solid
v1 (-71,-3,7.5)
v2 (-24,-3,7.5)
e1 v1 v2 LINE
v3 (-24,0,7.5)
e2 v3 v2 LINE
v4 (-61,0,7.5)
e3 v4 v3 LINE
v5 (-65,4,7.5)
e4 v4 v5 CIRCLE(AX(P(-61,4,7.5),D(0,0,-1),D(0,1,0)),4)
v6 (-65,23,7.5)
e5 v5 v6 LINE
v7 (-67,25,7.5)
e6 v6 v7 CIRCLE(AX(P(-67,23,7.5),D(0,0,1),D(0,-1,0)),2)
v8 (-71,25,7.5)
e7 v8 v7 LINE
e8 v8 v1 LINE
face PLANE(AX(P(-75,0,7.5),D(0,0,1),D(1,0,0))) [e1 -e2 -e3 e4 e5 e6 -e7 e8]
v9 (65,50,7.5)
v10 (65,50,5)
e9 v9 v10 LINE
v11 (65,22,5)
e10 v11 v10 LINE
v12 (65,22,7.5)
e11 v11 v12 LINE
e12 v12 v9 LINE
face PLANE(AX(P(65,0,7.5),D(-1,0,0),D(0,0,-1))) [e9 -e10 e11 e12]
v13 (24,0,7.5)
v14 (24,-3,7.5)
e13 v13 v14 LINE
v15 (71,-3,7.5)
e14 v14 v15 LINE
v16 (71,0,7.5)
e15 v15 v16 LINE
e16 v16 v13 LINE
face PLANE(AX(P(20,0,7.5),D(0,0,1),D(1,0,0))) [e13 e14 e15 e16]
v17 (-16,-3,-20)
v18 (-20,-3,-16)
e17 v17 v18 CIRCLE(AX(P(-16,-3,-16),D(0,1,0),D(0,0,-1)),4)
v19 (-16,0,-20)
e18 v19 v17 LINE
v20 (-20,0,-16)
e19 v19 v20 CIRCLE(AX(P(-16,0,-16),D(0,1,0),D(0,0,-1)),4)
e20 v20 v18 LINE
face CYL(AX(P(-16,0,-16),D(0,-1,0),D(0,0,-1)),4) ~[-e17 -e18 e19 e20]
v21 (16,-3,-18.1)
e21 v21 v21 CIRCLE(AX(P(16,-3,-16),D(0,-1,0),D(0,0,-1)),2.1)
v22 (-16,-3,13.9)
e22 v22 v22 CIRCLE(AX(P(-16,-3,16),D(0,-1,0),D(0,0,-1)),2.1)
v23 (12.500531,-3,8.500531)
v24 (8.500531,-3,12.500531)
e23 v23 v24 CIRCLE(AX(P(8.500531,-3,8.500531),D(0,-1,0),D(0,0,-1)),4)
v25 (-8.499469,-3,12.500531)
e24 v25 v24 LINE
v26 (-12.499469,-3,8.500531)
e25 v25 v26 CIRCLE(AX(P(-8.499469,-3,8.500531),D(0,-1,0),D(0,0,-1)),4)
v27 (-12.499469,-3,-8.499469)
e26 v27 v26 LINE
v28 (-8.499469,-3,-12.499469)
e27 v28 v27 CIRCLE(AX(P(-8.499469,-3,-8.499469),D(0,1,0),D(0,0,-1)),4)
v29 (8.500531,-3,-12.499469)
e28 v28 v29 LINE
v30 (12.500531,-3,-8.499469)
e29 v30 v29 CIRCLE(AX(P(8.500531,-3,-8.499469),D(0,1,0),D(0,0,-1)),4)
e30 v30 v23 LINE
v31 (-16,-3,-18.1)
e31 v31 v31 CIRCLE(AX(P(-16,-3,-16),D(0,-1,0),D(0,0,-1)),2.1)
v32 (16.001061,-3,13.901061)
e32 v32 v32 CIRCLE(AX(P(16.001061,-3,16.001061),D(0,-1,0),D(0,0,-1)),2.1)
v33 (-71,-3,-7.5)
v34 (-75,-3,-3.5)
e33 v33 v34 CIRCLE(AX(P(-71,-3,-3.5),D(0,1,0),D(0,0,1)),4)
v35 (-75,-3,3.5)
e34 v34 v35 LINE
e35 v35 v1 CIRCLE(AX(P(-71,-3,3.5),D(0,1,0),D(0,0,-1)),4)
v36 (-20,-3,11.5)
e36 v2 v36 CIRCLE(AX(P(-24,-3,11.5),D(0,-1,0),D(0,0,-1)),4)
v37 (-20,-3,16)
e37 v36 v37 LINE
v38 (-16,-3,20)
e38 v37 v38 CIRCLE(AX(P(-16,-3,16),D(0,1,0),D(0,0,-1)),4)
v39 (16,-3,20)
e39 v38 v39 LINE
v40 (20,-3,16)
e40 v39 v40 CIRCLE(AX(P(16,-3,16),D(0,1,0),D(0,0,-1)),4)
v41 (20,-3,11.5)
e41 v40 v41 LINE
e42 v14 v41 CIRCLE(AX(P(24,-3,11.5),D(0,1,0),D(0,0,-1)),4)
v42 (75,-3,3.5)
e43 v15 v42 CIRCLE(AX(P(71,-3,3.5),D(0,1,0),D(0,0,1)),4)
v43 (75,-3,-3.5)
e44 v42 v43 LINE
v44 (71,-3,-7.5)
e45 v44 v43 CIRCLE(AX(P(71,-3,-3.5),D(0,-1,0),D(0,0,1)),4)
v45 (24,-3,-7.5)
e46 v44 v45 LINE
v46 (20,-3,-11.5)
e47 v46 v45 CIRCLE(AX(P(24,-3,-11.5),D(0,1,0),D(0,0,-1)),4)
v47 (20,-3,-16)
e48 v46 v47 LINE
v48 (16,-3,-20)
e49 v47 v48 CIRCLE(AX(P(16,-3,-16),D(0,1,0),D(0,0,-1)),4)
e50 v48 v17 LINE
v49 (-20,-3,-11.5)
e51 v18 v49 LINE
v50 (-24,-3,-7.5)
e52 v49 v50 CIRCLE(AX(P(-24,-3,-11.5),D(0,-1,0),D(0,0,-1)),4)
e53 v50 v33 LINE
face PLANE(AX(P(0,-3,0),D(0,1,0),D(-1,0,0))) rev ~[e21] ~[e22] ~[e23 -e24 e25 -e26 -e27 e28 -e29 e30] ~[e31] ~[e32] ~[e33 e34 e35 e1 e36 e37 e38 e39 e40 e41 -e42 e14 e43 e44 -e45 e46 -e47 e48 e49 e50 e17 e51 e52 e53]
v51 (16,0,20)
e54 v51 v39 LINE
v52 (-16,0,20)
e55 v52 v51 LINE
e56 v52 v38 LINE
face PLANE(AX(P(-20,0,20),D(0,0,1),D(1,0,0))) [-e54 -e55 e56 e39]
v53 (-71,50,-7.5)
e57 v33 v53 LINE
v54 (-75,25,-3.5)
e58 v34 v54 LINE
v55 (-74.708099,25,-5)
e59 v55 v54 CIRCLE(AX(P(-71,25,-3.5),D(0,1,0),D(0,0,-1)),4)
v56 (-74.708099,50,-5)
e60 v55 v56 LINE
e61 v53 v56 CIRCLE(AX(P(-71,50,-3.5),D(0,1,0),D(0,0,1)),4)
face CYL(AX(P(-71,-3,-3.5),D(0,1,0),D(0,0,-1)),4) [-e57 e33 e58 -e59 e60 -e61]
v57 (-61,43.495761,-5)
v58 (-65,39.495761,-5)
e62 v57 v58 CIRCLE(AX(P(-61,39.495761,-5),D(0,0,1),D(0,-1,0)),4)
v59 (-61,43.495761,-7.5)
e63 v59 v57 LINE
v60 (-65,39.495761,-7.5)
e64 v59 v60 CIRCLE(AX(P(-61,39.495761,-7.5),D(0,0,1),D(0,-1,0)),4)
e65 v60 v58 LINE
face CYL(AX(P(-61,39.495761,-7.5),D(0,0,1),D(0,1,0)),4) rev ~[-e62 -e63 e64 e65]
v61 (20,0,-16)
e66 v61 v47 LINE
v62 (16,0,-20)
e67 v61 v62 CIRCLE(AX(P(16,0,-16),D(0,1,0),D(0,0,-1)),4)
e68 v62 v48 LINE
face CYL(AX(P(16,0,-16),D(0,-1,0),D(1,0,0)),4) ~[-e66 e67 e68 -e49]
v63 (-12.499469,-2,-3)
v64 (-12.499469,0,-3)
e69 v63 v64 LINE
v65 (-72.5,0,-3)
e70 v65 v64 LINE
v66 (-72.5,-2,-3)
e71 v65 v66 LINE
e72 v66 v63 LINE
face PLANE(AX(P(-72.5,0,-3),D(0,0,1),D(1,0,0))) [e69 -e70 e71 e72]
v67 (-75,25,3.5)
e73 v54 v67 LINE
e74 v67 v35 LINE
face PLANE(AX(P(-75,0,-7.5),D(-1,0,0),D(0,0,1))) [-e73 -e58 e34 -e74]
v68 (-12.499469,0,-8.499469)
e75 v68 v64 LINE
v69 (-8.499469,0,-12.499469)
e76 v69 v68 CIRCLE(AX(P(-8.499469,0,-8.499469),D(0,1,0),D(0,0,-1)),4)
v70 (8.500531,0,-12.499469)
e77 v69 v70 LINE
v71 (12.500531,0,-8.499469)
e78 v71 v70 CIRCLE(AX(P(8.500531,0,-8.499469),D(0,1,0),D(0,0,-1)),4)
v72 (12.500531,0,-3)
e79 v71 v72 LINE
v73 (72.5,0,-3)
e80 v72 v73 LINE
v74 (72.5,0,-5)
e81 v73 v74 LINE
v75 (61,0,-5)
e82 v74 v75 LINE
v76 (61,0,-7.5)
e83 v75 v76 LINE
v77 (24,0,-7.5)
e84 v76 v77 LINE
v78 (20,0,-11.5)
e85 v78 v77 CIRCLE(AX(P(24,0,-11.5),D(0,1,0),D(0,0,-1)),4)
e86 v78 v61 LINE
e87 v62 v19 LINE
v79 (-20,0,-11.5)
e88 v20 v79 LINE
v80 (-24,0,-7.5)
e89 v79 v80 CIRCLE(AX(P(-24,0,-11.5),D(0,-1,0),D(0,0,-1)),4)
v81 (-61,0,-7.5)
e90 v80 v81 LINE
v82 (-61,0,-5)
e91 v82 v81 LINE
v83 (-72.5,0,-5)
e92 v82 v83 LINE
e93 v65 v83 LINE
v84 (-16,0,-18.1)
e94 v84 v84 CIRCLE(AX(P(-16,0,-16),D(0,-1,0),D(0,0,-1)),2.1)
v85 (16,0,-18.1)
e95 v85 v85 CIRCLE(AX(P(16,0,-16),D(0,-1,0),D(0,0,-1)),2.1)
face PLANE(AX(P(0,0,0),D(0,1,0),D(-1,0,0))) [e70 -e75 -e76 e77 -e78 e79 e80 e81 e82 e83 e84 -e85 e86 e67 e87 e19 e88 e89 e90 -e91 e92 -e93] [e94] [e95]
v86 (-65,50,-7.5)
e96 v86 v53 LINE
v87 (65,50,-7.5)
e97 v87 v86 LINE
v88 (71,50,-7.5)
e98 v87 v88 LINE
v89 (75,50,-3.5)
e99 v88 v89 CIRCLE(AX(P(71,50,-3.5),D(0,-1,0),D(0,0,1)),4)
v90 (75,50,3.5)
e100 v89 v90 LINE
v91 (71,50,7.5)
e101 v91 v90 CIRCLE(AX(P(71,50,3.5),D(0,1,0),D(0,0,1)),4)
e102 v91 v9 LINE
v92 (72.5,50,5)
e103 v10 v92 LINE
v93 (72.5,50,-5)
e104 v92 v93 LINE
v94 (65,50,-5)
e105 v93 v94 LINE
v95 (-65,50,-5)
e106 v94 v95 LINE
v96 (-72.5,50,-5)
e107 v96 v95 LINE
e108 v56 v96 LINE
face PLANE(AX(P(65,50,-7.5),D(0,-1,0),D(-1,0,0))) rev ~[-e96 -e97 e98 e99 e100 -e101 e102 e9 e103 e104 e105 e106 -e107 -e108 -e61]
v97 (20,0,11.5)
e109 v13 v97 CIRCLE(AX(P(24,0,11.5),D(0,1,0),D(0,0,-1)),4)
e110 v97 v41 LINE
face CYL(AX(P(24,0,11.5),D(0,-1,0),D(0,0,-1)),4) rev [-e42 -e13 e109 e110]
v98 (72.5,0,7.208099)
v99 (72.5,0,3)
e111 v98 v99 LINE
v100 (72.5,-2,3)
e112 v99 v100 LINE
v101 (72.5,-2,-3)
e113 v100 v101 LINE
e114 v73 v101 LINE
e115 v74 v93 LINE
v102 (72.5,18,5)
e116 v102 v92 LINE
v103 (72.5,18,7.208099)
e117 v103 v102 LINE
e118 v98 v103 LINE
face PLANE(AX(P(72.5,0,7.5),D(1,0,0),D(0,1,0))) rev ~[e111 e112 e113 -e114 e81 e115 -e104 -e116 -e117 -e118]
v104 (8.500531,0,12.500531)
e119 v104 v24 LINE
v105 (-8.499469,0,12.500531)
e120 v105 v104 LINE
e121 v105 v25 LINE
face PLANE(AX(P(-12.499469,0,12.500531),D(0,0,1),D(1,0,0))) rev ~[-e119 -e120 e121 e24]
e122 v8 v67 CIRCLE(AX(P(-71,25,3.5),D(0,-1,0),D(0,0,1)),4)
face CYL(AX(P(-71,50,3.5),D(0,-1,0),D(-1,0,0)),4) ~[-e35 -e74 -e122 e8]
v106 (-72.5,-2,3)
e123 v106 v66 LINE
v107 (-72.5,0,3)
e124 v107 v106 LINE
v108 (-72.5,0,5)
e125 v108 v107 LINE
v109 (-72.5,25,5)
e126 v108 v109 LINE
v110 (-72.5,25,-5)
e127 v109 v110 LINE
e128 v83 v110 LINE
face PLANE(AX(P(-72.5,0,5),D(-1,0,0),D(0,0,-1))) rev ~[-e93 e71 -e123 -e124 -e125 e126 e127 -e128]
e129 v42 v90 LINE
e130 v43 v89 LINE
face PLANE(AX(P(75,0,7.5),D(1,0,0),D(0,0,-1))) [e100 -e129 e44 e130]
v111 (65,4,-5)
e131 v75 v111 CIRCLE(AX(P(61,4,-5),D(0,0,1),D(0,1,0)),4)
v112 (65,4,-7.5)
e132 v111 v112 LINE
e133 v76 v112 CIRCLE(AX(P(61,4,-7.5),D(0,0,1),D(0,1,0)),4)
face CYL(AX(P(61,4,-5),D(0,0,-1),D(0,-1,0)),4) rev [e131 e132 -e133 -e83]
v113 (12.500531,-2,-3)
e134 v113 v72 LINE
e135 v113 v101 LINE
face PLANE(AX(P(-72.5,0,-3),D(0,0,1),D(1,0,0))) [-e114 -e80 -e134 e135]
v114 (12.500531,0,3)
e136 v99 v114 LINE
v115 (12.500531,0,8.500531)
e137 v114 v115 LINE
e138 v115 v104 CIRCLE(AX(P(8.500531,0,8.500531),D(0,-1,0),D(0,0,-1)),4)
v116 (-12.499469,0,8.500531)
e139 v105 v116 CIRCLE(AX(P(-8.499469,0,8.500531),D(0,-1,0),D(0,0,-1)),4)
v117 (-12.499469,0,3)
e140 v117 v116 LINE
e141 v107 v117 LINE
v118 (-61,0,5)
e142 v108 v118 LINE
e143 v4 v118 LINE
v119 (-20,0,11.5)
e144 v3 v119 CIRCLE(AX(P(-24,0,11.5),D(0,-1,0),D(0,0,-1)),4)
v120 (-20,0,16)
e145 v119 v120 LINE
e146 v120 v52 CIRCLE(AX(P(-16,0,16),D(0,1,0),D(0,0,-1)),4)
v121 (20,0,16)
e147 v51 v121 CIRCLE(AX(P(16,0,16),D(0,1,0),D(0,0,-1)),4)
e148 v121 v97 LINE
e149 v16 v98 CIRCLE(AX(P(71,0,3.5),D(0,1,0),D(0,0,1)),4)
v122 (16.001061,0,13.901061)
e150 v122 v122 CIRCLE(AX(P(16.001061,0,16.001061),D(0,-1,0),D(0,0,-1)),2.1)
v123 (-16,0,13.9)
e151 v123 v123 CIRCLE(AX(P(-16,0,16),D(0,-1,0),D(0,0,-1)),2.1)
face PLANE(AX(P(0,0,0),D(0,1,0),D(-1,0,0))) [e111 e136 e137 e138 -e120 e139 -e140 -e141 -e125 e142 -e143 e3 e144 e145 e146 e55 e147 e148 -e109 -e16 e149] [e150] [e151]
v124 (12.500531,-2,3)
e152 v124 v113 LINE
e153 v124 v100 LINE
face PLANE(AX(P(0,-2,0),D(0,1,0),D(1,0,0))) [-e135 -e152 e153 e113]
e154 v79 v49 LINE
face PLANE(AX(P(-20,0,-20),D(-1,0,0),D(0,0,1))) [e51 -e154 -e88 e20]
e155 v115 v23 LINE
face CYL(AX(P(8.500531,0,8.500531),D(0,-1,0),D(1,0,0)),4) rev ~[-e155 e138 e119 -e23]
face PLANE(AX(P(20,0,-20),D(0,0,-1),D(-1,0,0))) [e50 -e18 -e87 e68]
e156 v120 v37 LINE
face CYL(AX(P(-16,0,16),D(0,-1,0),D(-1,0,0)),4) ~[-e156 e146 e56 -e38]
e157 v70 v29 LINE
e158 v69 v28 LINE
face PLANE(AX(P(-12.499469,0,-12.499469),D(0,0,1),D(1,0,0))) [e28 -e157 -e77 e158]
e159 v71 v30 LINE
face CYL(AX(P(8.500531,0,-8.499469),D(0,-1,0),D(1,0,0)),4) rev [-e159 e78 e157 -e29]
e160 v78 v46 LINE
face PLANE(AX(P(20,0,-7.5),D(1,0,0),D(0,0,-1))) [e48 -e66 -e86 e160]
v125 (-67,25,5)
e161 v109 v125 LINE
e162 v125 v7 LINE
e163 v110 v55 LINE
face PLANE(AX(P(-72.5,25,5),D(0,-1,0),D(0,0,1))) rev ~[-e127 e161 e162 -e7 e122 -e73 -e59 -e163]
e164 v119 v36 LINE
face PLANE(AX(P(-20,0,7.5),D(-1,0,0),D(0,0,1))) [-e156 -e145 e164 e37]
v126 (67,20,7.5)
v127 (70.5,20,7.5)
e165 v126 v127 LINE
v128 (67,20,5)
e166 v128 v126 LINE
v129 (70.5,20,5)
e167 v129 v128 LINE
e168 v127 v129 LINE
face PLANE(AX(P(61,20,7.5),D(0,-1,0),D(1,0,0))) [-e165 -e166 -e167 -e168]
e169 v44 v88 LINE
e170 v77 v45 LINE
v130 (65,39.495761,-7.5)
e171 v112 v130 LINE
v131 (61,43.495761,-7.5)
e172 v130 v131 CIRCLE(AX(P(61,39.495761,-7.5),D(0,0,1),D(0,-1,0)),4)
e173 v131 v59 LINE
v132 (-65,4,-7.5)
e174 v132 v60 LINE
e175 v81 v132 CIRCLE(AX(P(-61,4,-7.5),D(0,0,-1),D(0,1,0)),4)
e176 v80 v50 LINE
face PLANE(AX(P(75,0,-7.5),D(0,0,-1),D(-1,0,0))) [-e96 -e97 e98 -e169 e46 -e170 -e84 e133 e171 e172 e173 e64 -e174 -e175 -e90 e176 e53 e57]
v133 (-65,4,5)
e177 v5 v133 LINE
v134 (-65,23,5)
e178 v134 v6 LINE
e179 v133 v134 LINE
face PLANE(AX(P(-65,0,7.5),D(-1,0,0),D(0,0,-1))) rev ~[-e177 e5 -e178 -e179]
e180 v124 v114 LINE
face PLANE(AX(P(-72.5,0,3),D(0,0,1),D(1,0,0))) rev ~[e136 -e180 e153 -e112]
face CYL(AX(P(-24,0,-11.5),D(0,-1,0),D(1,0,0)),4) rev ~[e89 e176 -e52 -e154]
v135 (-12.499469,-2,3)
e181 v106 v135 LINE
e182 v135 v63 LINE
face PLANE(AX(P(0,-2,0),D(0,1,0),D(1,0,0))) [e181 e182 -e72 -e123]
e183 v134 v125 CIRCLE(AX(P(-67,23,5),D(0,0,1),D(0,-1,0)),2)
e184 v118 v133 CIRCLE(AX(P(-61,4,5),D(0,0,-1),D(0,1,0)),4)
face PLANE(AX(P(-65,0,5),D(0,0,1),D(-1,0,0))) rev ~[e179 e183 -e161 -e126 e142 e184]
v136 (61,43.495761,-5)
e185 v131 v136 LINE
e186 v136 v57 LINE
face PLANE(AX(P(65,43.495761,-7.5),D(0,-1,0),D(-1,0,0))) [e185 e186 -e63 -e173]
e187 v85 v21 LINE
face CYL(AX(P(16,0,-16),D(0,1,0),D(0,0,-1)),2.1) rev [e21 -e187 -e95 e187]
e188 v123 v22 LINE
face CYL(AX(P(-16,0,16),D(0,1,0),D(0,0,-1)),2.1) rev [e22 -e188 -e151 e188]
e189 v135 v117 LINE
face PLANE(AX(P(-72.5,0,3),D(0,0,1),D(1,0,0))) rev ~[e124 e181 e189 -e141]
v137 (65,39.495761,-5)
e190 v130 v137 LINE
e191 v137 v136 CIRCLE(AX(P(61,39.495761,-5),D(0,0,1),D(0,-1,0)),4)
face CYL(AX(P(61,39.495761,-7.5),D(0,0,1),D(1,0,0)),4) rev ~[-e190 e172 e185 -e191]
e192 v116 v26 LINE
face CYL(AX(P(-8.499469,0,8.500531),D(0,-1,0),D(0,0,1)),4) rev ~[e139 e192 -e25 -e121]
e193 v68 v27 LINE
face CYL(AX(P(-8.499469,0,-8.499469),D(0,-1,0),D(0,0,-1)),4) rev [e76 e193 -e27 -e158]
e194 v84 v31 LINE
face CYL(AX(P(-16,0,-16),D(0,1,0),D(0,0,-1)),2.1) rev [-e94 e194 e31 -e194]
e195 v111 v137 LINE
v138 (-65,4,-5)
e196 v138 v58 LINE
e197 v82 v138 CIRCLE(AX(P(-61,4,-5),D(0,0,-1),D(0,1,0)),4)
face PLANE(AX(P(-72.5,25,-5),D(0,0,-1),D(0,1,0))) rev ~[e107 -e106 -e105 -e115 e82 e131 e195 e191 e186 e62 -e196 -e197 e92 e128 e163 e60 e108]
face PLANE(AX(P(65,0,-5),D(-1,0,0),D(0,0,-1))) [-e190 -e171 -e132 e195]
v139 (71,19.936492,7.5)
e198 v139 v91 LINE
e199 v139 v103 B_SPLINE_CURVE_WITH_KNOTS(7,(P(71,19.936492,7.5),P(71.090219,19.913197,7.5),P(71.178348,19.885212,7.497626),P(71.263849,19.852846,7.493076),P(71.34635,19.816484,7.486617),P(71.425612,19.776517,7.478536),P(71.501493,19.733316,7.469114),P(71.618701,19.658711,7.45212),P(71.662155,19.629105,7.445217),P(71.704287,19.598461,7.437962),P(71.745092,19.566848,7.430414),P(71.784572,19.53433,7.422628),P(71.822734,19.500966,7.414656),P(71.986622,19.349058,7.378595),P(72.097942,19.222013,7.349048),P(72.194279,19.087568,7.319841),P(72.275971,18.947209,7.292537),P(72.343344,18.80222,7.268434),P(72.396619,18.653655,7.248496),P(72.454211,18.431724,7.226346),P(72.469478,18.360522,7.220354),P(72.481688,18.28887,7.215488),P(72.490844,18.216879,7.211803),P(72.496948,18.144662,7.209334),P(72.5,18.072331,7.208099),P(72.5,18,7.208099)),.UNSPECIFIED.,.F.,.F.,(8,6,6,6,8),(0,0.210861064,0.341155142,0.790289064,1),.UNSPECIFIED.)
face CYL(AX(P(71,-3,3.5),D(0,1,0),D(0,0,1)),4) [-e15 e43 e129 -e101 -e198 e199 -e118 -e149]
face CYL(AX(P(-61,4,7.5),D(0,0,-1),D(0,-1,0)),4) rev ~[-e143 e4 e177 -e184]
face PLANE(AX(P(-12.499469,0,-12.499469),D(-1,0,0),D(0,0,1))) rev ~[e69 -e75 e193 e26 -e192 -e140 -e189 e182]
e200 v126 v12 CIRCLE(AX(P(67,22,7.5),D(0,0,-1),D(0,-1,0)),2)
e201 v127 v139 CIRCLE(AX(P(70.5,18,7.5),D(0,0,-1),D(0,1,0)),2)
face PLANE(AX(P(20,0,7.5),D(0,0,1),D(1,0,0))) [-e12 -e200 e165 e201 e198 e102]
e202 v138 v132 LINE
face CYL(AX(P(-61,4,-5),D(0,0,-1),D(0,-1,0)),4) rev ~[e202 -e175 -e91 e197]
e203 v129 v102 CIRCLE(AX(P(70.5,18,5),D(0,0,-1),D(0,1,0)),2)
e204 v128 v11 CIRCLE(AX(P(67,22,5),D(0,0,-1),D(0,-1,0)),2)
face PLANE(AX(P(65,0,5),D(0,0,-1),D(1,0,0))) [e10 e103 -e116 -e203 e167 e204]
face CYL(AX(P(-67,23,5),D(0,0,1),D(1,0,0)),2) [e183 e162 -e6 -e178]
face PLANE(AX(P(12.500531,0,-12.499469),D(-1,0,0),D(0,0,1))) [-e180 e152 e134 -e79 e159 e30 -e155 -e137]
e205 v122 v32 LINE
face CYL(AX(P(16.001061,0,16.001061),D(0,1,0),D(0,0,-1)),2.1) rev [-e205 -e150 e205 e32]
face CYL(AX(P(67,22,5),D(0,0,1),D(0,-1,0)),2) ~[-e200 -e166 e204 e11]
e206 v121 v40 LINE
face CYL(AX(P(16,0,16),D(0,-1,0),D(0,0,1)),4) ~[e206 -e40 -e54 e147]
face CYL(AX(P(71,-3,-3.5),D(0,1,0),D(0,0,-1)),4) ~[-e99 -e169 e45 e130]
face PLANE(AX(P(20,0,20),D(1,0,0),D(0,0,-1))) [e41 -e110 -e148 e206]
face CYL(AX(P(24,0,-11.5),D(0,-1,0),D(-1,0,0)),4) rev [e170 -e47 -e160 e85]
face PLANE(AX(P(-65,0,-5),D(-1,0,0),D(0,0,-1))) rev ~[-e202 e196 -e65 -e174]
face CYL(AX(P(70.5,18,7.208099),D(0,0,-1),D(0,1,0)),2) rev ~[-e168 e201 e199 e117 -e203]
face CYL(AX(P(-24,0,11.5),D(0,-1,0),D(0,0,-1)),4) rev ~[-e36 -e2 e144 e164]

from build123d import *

# Parameters (mm, degrees)
BOSS_EXTRUDE1_DEPTH   = 50
BOSS_EXTRUDE1_2_DEPTH = 50
SKETCH2_W             = 130
SKETCH2_H             = 6.504238827
BOSS_EXTRUDE2_DEPTH   = 2.5
SKETCH4_R             = 2.1
SKETCH4_W             = 25
SKETCH4_H             = 25
BOSS_EXTRUDE4_DEPTH   = 3
FILLET1_R             = 4
SKETCH5_W             = 145
SKETCH5_H             = 6
CUT_EXTRUDE1_DEPTH    = 2
CUT_EXTRUDE2_DEPTH    = 5
SKETCH7_W             = 4.152825608
SKETCH7_H             = 25.088924328
CUT_EXTRUDE3_DEPTH    = 15
SKETCH8_W             = 11.5
SKETCH8_H             = 20
CUT_EXTRUDE5_DEPTH    = 5
FILLET2_R             = 2


with BuildPart() as part:
    # Sketch1 → Boss-Extrude1 (new body)
    with BuildSketch(Plane(origin=(0, 0, 0), x_dir=(1, 0, 0), z_dir=(0, 1, 0))):
        Polygon((-65, 5), (-65, 7.5), (-75, 7.5), (-75, -7.5), (-65, -7.5), (-65, -5), (-72.5, -5), (-72.5, 5), align=None)
    extrude(amount=BOSS_EXTRUDE1_DEPTH)



with BuildPart() as body_2:
    # Sketch1 → Boss-Extrude1 2 (new body)
    with BuildSketch(Plane(origin=(0, 0, 0), x_dir=(1, 0, 0), z_dir=(0, 1, 0))):
        Polygon((72.5, -5), (72.5, 5), (65, 5), (65, 7.5), (75, 7.5), (75, -7.5), (65, -7.5), (65, -5), align=None)
    extrude(amount=BOSS_EXTRUDE1_2_DEPTH)


with BuildPart() as part_1:
    add(part.part)

    add(body_2.part)  # Boss-Extrude2 merges body 2
    # Sketch2 → Boss-Extrude2 (add)
    with BuildSketch(Plane(origin=(0, 0, -7.5), x_dir=(-1, 0, 0), z_dir=(0, 0, -1))):
        with Locations((0, 46.747880587)):
            Rectangle(SKETCH2_W, SKETCH2_H)
    extrude(amount=-BOSS_EXTRUDE2_DEPTH)

    # Sketch4 → Boss-Extrude4 (add)
    with BuildSketch(Plane.XZ):
        Polygon((20, 7.5), (75, 7.5), (75, -7.5), (20, -7.5), (20, -20), (-20, -20), (-20, -7.5), (-75, -7.5), (-75, 7.5), (-20, 7.5), (-20, 20), (20, 20), align=None)
        with Locations(Location((16.001061443, 16.001061443, 0), (0, 0, 270))):
            Circle(SKETCH4_R, mode=Mode.SUBTRACT)
        with Locations(Location((-16, 16, 0), (0, 0, 270))):
            Circle(SKETCH4_R, mode=Mode.SUBTRACT)
        with Locations(Location((-16, -16, 0), (0, 0, 270))):
            Circle(SKETCH4_R, mode=Mode.SUBTRACT)
        with Locations(Location((16, -16, 0), (0, 0, 270))):
            Circle(SKETCH4_R, mode=Mode.SUBTRACT)
        with Locations((0.000530722, 0.000530722)):
            Rectangle(SKETCH4_W, SKETCH4_H, mode=Mode.SUBTRACT)
    extrude(amount=BOSS_EXTRUDE4_DEPTH)

    # Fillet1
    fillet1_edges = [part_1.edges().sort_by_distance(p)[0] for p in [
        (65, 0, 6.25),
        (75, 23.5, -7.5),
        (75, 23.5, 7.5),
        (65, 43.495761173, -6.25),
        (-65, 43.495761173, -6.25),
        (-65, 0, -6.25),
        (-75, 23.5, -7.5),
        (-75, 23.5, 7.5),
        (-65, 0, 6.25),
        (-20, -1.5, 7.5),
        (-20, -1.5, -7.5),
        (-20, -1.5, -20),
        (20, -1.5, -20),
        (20, -1.5, -7.5),
        (20, -1.5, 7.5),
        (20, -1.5, 20),
        (-20, -1.5, 20),
        (12.500530722, -1.5, 12.500530722),
        (-12.499469278, -1.5, 12.500530722),
        (-12.499469278, -1.5, -12.499469278),
        (12.500530722, -1.5, -12.499469278),
        (65, 0, -6.25),
    ]]
    fillet(fillet1_edges, radius=FILLET1_R)

    # Sketch5 → Cut-Extrude1 (cut)
    with BuildSketch(Plane(origin=(0, 0, 0), x_dir=(1, 0, 0), z_dir=(0, 1, 0))):
        Rectangle(SKETCH5_W, SKETCH5_H)
    extrude(amount=-CUT_EXTRUDE1_DEPTH, mode=Mode.SUBTRACT)

    # Sketch6 → Cut-Extrude2 (cut)
    with BuildSketch(Plane(origin=(-72.5, 0, 0), x_dir=(0, 0, -1), z_dir=(1, 0, 0))):
        Polygon((-14.532801633, 51.358122402), (-14.532801633, 25), (-5, 25), (5, 25), (5, 51.358122402), align=None)
    extrude(amount=-CUT_EXTRUDE2_DEPTH, mode=Mode.SUBTRACT)

    # Sketch7 → Cut-Extrude3 (cut)
    with BuildSketch(Plane.ZY.offset(72.5)):
        with Locations((7.076412804, 37.544462164)):
            Rectangle(SKETCH7_W, SKETCH7_H)
    extrude(amount=-CUT_EXTRUDE3_DEPTH, mode=Mode.SUBTRACT)

    # Sketch8 → Cut-Extrude5 (cut)
    with BuildSketch(Plane.XY.offset(7.5)):
        with Locations((66.75, 10)):
            Rectangle(SKETCH8_W, SKETCH8_H)
    extrude(amount=-CUT_EXTRUDE5_DEPTH, mode=Mode.SUBTRACT)

    # Fillet2
    fillet2_edges = [part_1.edges().sort_by_distance(p)[0] for p in [
        (72.5, 20, 6.104049622),
        (-65, 25, 6.25),
        (65, 20, 6.25),
    ]]
    fillet(fillet2_edges, radius=FILLET2_R)


solid = part_1.part
